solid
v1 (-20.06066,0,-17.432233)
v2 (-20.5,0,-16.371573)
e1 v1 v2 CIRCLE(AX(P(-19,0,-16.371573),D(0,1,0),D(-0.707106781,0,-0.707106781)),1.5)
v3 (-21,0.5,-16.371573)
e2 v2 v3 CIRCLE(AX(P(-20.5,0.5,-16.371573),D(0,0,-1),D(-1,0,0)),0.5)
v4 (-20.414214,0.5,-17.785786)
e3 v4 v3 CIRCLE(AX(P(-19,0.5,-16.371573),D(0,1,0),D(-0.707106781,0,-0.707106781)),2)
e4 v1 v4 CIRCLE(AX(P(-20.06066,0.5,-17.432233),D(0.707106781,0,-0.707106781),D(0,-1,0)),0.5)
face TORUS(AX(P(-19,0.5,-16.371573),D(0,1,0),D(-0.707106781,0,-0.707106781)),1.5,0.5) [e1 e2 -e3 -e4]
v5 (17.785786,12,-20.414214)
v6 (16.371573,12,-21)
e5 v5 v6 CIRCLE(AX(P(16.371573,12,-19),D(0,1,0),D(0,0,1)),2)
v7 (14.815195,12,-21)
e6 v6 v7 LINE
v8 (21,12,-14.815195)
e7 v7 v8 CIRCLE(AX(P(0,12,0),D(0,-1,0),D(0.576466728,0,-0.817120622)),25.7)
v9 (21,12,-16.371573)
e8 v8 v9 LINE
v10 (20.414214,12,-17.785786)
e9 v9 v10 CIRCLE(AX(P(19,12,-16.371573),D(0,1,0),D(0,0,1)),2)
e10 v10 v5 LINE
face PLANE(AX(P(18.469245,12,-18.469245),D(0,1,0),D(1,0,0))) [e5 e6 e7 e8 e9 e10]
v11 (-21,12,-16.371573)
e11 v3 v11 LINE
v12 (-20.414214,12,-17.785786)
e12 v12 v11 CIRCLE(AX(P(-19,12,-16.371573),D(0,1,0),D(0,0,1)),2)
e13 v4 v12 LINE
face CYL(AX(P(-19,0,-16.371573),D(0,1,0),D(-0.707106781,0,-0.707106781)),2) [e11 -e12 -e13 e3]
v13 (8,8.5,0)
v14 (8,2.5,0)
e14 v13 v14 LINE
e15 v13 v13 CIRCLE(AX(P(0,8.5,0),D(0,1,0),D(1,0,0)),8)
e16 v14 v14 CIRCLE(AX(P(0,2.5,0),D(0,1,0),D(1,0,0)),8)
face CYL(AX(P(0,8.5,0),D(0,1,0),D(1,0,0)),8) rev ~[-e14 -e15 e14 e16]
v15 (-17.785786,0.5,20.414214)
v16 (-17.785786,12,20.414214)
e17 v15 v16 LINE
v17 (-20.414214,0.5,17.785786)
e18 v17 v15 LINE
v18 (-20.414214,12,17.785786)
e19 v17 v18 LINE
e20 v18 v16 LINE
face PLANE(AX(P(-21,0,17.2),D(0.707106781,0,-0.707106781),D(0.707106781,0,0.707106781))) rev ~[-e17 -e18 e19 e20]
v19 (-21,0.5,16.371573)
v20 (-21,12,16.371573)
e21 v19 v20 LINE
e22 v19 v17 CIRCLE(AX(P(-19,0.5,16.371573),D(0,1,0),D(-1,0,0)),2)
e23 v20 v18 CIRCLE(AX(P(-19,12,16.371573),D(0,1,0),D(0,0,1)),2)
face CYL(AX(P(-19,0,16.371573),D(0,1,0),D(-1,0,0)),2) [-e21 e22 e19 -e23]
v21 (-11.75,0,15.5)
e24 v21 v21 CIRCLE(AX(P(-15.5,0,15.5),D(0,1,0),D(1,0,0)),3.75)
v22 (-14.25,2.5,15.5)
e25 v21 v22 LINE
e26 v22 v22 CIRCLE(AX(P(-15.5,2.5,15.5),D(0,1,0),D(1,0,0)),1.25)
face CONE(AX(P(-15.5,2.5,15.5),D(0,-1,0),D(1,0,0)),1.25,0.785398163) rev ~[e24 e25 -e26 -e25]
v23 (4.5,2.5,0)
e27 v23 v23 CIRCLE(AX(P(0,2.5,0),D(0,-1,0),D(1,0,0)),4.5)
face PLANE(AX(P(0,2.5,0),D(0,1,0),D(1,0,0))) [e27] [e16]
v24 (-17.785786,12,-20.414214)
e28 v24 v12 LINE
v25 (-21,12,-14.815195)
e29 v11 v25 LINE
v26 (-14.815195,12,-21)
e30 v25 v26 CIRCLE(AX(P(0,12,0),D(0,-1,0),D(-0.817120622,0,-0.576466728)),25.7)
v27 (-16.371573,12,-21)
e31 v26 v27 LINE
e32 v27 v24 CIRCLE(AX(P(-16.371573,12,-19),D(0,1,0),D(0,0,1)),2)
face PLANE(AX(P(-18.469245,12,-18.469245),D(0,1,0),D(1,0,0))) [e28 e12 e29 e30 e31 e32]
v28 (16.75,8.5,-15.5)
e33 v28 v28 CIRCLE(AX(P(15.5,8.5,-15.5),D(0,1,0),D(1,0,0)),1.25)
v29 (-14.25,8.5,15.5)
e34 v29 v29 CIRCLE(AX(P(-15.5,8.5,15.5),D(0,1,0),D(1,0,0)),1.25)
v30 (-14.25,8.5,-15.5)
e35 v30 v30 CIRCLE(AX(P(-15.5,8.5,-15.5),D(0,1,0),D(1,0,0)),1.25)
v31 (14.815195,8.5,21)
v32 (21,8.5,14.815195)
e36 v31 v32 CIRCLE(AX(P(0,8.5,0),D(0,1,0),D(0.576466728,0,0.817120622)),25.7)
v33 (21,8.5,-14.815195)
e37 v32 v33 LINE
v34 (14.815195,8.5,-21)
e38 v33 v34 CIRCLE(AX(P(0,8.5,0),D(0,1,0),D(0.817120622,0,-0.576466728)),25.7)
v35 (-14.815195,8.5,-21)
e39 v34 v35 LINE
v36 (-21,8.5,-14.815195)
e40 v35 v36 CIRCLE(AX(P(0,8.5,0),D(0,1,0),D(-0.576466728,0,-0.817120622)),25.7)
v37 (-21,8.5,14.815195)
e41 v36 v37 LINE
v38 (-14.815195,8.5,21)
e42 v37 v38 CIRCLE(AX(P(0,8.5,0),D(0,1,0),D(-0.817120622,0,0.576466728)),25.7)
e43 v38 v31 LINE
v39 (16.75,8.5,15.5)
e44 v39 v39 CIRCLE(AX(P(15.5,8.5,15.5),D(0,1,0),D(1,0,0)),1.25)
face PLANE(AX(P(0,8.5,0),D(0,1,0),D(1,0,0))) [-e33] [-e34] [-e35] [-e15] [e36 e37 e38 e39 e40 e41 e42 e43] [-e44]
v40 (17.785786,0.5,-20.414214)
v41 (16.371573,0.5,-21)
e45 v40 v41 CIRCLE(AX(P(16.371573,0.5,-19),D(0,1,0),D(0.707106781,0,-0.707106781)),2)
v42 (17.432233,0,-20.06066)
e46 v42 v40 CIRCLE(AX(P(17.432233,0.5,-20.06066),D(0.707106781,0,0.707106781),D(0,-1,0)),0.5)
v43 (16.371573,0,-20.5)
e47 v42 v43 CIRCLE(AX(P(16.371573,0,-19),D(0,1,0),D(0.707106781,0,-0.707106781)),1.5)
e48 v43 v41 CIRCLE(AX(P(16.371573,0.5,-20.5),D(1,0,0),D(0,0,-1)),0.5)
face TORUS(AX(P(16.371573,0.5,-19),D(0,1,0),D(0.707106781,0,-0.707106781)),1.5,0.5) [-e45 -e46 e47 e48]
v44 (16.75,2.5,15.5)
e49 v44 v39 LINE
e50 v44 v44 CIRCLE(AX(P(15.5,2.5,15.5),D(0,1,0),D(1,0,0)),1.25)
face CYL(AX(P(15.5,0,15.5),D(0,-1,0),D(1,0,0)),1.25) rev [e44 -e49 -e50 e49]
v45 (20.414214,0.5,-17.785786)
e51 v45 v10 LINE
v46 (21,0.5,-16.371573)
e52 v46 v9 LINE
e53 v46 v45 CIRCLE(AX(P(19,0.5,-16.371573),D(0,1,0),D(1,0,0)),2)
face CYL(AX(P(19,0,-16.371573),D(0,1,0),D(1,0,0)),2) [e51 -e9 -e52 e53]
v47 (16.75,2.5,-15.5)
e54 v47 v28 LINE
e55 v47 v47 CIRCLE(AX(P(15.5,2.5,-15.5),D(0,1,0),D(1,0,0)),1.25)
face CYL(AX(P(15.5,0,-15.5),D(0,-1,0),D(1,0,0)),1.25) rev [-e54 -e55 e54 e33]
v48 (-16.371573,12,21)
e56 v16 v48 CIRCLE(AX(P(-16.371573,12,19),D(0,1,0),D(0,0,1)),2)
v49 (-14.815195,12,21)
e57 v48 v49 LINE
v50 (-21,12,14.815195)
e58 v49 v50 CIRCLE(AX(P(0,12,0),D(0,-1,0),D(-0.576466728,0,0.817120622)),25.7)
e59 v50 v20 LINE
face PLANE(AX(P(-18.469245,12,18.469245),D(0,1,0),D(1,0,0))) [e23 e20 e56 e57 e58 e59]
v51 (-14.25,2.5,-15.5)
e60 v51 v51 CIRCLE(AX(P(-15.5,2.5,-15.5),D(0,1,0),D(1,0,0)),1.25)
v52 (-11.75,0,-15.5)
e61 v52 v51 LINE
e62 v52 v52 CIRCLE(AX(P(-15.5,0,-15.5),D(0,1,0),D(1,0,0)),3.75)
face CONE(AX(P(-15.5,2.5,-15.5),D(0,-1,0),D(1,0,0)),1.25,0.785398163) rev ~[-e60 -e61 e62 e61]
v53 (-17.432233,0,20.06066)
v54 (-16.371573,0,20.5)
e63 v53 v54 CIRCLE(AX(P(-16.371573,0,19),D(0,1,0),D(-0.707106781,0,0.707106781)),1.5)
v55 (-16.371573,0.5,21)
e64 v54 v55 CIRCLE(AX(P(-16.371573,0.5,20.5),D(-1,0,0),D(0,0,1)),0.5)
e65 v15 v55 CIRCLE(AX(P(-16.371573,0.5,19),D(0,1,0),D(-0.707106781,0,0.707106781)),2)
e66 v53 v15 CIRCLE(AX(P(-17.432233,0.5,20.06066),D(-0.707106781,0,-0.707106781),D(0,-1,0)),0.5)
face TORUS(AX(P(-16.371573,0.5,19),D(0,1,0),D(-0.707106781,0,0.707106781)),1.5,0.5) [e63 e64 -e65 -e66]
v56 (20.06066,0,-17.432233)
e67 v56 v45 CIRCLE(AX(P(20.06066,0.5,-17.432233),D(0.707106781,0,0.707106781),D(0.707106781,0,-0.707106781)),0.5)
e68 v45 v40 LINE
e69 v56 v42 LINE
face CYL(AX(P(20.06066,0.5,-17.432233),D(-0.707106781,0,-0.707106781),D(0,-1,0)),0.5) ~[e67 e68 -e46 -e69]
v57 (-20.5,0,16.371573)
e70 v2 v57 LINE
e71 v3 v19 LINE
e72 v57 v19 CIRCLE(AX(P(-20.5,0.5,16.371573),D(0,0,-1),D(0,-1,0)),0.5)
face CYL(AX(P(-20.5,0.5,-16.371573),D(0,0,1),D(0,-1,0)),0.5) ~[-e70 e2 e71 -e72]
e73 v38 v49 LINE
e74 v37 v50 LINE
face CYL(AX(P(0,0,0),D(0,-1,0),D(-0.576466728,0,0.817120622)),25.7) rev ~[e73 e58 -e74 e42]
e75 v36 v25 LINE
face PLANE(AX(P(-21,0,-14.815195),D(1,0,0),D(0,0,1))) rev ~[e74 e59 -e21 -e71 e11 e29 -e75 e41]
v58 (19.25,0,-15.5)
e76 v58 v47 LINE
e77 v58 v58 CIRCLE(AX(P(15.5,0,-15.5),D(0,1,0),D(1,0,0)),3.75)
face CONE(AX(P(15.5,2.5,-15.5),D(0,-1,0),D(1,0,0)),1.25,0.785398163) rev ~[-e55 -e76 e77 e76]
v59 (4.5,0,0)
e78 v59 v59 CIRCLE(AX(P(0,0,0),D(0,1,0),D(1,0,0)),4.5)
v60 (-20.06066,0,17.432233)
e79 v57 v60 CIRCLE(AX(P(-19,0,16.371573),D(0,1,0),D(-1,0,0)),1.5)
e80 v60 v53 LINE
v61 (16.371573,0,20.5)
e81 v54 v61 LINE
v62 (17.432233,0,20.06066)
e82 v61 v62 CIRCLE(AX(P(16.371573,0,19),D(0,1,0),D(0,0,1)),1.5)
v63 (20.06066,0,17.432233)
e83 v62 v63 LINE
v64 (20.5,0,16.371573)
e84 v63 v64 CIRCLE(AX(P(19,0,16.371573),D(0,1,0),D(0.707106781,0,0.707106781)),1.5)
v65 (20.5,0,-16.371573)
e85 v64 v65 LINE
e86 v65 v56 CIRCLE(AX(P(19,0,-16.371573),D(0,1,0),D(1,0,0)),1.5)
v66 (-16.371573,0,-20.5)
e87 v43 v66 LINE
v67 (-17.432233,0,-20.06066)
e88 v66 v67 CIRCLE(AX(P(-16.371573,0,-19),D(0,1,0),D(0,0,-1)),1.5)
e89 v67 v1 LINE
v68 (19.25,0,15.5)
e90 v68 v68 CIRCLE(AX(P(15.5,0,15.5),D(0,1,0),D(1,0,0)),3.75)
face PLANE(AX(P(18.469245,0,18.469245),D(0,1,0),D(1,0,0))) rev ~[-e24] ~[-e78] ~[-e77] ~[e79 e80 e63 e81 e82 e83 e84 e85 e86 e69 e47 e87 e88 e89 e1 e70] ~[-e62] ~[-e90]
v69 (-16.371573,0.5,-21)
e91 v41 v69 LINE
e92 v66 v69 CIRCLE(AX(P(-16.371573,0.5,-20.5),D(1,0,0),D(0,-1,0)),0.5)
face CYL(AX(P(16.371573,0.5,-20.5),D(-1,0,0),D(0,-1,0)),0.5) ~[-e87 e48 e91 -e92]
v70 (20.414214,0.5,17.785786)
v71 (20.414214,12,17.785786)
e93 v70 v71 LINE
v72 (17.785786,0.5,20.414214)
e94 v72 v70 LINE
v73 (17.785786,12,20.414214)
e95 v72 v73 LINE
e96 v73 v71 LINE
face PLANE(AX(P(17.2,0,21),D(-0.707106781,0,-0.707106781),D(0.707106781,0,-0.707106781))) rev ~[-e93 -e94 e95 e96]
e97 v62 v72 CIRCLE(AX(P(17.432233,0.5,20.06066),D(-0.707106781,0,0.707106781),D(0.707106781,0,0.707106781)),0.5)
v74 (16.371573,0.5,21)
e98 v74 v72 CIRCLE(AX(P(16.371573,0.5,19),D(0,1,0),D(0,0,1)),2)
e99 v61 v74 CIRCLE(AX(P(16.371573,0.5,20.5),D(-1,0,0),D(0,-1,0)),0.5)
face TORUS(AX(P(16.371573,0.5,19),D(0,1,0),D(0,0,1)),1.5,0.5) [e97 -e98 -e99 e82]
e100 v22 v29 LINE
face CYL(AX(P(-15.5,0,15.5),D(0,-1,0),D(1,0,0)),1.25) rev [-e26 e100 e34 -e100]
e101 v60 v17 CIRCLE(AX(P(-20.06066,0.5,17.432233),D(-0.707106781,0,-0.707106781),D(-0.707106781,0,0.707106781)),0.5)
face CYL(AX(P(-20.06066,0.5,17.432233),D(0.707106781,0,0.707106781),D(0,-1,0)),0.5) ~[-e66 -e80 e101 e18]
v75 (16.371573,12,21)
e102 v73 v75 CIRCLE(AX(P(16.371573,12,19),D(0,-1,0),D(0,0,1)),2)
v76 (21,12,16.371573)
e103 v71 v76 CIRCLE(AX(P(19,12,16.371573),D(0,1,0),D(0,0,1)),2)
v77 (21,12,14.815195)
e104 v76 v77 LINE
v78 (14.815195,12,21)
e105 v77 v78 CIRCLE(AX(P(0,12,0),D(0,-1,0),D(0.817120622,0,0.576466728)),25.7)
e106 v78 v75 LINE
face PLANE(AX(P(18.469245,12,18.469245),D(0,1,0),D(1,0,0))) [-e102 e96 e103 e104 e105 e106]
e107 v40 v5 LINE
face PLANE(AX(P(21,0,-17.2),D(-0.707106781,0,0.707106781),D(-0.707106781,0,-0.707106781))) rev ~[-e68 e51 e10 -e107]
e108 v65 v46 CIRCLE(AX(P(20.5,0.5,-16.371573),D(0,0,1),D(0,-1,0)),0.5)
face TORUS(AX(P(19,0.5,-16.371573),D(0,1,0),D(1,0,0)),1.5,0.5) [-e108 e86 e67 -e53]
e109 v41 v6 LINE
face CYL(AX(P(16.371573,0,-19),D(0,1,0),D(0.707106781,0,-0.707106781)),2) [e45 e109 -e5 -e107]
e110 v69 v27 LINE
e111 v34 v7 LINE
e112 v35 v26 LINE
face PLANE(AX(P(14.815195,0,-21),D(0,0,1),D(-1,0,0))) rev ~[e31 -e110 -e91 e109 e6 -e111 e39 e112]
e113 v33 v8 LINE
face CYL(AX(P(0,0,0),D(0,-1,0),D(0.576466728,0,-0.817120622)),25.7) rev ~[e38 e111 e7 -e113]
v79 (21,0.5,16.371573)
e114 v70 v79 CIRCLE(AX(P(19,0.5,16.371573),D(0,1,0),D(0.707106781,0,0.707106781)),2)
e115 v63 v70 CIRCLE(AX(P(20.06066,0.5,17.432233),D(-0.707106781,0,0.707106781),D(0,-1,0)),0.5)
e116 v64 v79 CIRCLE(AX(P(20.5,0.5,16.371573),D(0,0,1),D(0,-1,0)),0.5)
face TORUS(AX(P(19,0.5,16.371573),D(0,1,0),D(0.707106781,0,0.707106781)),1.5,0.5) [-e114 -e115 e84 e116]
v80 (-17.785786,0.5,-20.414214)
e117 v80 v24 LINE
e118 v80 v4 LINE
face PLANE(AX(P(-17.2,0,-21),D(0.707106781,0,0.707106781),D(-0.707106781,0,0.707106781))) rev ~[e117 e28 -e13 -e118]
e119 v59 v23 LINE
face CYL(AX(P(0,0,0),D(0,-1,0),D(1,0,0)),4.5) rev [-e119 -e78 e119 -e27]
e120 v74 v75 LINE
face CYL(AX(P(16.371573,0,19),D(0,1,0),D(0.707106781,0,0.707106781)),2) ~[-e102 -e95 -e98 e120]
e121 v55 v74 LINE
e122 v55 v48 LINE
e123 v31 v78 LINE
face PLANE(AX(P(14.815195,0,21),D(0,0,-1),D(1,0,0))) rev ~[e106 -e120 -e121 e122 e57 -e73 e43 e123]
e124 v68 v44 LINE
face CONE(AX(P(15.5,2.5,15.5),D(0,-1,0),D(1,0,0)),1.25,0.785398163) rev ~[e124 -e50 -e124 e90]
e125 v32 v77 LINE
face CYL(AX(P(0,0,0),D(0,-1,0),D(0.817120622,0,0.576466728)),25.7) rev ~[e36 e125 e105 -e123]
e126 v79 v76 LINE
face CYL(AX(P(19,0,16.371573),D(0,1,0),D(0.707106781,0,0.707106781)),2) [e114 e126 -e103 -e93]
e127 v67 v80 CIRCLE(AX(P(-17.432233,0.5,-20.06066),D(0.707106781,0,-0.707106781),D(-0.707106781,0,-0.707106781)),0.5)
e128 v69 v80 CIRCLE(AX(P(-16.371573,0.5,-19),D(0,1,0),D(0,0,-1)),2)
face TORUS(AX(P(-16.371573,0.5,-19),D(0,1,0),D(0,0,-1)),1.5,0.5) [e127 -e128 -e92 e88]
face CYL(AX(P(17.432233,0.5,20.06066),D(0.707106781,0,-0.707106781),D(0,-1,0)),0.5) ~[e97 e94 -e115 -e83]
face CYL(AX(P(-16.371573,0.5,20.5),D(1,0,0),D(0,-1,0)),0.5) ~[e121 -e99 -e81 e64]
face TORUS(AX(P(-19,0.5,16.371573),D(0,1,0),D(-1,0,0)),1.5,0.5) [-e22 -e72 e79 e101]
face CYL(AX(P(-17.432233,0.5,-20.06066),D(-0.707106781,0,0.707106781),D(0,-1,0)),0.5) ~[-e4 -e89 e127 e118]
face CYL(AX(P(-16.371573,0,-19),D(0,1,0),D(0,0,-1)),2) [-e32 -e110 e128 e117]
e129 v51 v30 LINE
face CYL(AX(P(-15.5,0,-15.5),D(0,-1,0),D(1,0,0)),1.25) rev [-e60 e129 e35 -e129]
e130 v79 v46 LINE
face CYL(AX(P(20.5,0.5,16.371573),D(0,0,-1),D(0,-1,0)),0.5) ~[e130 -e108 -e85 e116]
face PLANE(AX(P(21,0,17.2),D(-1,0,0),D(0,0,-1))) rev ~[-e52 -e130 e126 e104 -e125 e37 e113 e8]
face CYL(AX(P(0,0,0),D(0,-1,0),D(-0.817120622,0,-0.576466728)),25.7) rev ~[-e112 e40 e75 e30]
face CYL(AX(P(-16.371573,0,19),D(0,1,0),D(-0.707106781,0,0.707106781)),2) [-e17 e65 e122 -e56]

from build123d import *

# Parameters (mm, degrees)
SKETCH_1_R          = 1.25
SKETCH_1_R_2        = 4.5
EXTRUDE_1_DEPTH     = 8.5
EXTRUDE_2_DEPTH     = 12
CHAMFER_1_SIZE      = 2.5
SKETCH_2_R          = 8
CUT_EXTRUDE_1_DEPTH = 6
FILLET_1_R          = 2
FILLET_2_R          = 0.5


with BuildPart() as part:
    # Эскиз1 → Бобышка-Вытянуть1 (new body)
    with BuildSketch(Plane(origin=(0, 0, 0), x_dir=(1, 0, 0), z_dir=(0, 1, 0))):
        with BuildLine():
            ThreePointArc((-14.815194903, 21), (-18.172644276, 18.172644276), (-21, 14.815194903))
            Line((-21, 14.815194903), (-21, -14.815194903))
            ThreePointArc((-21, -14.815194903), (-18.172644276, -18.172644276), (-14.815194903, -21))
            Line((-14.815194903, -21), (14.815194903, -21))
            ThreePointArc((14.815194903, -21), (18.172644276, -18.172644276), (21, -14.815194903))
            Line((21, -14.815194903), (21, 14.815194903))
            ThreePointArc((21, 14.815194903), (18.172644276, 18.172644276), (14.815194903, 21))
            Line((14.815194903, 21), (-14.815194903, 21))
        make_face()
        with Locations((-15.5, -15.5)):
            Circle(SKETCH_1_R, mode=Mode.SUBTRACT)
        with Locations((15.5, -15.5)):
            Circle(SKETCH_1_R, mode=Mode.SUBTRACT)
        with Locations((-15.5, 15.5)):
            Circle(SKETCH_1_R, mode=Mode.SUBTRACT)
        with Locations((15.5, 15.5)):
            Circle(SKETCH_1_R, mode=Mode.SUBTRACT)
        Circle(SKETCH_1_R_2, mode=Mode.SUBTRACT)
    extrude(amount=EXTRUDE_1_DEPTH)

    # Эскиз1<4> → Бобышка-Вытянуть2 (add)
    with BuildSketch(Plane(origin=(0, 0, 0), x_dir=(1, 0, 0), z_dir=(0, 1, 0))):
        with BuildLine():
            Line((-17.2, 21), (-21, 17.2))
            Line((-21, 17.2), (-21, 14.815194903))
            ThreePointArc((-21, 14.815194903), (-18.172644276, 18.172644276), (-14.815194903, 21))
            Line((-14.815194903, 21), (-17.2, 21))
        make_face()
        with BuildLine():
            ThreePointArc((-14.815194903, -21), (-18.172644276, -18.172644276), (-21, -14.815194903))
            Line((-21, -14.815194903), (-21, -17.2))
            Line((-21, -17.2), (-17.2, -21))
            Line((-17.2, -21), (-14.815194903, -21))
        make_face()
        with BuildLine():
            Line((17.2, 21), (14.815194903, 21))
            ThreePointArc((14.815194903, 21), (18.172644276, 18.172644276), (21, 14.815194903))
            Line((21, 14.815194903), (21, 17.2))
            Line((21, 17.2), (17.2, 21))
        make_face()
        with BuildLine():
            ThreePointArc((21, -14.815194903), (18.172644276, -18.172644276), (14.815194903, -21))
            Line((14.815194903, -21), (17.2, -21))
            Line((17.2, -21), (21, -17.2))
            Line((21, -17.2), (21, -14.815194903))
        make_face()
    extrude(amount=EXTRUDE_2_DEPTH)

    # Фаска1
    chamfer_1_edges = [part.edges().sort_by_distance(p)[0] for p in [
        (-16.75, 0, -15.5),
        (14.25, 0, -15.5),
        (14.25, 0, 15.5),
        (-16.75, 0, 15.5),
    ]]
    chamfer(chamfer_1_edges, length=CHAMFER_1_SIZE)

    # Эскиз2 → Вырез-Вытянуть1 (cut)
    with BuildSketch(Plane(origin=(0, 8.5, 0), x_dir=(1, 0, 0), z_dir=(0, 1, 0))):
        Circle(SKETCH_2_R)
    extrude(amount=-CUT_EXTRUDE_1_DEPTH, mode=Mode.SUBTRACT)

    # Скругление1
    fillet_1_edges = [part.edges().sort_by_distance(p)[0] for p in [
        (21, 6, 17.2),
        (17.2, 6, 21),
        (-17.2, 6, 21),
        (-21, 6, 17.2),
        (-21, 6, -17.2),
        (-17.2, 6, -21),
        (17.2, 6, -21),
        (21, 6, -17.2),
    ]]
    fillet(fillet_1_edges, radius=FILLET_1_R)

    # Скругление2
    fillet_2_edges = [part.edges().sort_by_distance(p)[0] for p in [
        (-17.13693974, 0, 20.847759065),
        (-19.1, 0, 19.1),
        (-20.847759065, 0, 17.13693974),
        (-21, 0, 0),
        (-20.847759065, 0, -17.13693974),
        (-19.1, 0, -19.1),
        (-17.13693974, 0, -20.847759065),
        (0, 0, -21),
        (17.13693974, 0, -20.847759065),
        (19.1, 0, -19.1),
        (20.847759065, 0, -17.13693974),
        (21, 0, 0),
        (20.847759065, 0, 17.13693974),
        (19.1, 0, 19.1),
        (17.13693974, 0, 20.847759065),
        (0, 0, 21),
    ]]
    fillet(fillet_2_edges, radius=FILLET_2_R)


solid = part.part
